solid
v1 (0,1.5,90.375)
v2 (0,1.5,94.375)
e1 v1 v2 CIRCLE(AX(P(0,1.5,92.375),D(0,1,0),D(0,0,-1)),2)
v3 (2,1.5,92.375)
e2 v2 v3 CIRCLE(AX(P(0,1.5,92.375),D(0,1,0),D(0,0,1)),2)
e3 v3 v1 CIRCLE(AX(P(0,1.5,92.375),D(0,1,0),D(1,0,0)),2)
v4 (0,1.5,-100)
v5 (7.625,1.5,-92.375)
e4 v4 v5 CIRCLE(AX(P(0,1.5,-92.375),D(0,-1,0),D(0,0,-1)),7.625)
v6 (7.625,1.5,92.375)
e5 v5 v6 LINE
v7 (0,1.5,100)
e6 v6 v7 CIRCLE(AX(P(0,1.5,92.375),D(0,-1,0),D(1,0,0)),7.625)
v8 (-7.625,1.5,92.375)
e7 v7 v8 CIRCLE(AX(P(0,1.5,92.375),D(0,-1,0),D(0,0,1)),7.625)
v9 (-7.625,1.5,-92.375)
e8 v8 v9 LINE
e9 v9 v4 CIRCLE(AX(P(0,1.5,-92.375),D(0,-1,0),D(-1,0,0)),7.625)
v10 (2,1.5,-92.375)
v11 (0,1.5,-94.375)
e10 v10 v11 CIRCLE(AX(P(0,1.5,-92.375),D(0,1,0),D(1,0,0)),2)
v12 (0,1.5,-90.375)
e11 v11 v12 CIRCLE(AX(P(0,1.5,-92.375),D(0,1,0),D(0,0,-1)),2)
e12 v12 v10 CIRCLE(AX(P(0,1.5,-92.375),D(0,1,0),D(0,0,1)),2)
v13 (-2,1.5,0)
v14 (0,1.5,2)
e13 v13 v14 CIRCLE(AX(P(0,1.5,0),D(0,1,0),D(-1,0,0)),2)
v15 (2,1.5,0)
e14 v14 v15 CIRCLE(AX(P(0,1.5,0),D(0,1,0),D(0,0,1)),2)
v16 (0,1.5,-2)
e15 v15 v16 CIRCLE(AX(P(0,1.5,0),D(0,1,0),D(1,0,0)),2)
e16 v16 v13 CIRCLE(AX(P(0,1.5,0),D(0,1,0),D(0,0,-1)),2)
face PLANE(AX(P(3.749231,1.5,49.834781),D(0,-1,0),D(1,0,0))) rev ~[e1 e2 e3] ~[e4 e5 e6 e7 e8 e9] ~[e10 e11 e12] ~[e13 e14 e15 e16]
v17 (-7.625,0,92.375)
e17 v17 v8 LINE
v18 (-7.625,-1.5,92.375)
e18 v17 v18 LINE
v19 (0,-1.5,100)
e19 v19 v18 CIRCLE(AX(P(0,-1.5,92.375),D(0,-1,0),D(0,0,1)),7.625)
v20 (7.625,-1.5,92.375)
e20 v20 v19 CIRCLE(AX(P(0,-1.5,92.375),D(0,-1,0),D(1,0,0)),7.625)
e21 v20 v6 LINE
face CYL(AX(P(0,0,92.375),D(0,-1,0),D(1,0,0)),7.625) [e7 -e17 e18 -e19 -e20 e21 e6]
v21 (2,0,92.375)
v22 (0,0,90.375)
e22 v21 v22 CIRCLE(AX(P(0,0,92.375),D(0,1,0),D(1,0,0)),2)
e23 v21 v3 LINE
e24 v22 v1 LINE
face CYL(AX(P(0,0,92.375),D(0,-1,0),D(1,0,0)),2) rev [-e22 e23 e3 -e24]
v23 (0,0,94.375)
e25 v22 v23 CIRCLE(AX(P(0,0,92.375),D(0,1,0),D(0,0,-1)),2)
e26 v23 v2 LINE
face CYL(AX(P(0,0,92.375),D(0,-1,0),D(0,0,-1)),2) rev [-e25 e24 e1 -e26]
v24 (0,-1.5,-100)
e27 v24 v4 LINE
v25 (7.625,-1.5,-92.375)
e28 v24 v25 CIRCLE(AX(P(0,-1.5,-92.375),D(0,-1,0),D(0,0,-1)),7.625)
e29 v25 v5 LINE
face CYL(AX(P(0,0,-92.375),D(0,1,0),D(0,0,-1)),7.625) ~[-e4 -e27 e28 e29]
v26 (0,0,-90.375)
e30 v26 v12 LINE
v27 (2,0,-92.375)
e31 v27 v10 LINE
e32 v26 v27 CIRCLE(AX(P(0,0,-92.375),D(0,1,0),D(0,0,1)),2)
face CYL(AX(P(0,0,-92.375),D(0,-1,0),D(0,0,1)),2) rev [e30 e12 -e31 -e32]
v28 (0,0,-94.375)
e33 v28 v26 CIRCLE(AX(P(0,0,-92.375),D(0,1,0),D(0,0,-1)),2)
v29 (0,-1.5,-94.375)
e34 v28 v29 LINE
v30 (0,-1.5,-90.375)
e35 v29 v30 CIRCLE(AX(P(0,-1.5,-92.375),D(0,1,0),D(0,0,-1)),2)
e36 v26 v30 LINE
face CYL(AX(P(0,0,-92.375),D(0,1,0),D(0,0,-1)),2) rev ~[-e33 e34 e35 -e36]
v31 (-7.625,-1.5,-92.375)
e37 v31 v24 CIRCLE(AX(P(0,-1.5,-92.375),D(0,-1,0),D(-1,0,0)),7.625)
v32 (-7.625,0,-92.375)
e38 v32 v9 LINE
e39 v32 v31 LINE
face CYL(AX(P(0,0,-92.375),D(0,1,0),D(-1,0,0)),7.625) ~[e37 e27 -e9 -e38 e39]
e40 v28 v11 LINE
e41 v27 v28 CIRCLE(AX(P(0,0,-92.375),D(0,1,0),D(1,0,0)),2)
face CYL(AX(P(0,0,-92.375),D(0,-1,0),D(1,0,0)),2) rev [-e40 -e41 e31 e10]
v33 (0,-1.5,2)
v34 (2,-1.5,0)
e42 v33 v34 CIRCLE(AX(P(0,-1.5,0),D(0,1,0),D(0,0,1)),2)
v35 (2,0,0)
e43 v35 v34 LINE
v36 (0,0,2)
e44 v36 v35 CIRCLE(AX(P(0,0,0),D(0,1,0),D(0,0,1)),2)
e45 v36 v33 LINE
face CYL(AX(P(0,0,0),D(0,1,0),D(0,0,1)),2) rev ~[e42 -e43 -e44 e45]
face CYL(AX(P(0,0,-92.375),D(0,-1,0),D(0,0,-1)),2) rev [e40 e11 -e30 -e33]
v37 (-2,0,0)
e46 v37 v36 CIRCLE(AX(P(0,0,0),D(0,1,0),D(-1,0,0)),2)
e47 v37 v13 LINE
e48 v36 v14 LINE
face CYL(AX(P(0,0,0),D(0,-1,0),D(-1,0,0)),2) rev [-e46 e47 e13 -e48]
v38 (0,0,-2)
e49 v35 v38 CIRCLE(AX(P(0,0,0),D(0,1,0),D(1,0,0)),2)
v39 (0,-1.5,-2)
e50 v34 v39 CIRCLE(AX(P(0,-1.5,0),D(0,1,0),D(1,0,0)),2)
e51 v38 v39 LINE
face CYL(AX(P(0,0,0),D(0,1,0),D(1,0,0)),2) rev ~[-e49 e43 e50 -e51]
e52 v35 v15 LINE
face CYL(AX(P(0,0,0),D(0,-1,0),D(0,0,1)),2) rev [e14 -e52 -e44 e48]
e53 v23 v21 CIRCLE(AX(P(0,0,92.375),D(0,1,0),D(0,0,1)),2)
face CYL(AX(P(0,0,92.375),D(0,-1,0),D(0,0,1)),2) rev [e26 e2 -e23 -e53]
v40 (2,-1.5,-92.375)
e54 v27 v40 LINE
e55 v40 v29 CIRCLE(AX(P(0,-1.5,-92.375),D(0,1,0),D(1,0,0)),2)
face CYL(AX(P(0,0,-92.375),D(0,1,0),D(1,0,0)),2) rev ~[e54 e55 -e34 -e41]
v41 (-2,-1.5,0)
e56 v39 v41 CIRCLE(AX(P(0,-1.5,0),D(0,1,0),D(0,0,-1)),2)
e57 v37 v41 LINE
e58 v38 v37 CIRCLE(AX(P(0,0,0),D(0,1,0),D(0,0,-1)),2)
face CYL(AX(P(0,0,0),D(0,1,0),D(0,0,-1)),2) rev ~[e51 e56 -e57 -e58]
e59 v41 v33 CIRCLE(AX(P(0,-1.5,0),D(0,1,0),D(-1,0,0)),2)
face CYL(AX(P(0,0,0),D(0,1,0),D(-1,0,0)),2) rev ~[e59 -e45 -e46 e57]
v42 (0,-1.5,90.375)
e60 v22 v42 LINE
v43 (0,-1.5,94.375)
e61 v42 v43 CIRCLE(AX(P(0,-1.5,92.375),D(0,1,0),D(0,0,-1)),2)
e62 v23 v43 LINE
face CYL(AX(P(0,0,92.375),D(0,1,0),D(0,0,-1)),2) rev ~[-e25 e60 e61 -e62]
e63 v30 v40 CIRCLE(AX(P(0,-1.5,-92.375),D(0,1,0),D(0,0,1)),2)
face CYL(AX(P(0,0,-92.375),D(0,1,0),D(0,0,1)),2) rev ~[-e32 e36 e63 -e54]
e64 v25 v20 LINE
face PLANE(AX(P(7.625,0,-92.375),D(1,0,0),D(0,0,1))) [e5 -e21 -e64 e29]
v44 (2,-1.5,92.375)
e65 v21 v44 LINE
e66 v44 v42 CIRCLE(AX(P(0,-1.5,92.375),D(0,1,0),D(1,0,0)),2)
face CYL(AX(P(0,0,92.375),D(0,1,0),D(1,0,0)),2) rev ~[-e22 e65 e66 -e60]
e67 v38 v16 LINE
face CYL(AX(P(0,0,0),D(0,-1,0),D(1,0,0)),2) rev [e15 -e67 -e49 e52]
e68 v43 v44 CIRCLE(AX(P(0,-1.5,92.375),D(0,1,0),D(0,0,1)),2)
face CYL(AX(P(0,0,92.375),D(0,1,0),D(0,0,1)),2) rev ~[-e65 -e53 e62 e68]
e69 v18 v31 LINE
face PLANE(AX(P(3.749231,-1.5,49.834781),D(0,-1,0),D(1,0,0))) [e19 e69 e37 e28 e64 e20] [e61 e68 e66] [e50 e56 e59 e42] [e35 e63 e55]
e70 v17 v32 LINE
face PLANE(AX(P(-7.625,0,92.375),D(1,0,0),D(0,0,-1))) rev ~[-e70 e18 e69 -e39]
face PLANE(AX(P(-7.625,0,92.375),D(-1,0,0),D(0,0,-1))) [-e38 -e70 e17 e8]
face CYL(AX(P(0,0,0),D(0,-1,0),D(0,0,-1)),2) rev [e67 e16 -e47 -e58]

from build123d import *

# Parameters (mm, degrees)
F1_DEPTH = 1.5


with BuildPart() as f1:
    # F0 (on Front) → F1 (new body, symmetric)
    with BuildSketch(Plane.XZ):
        with BuildLine():
            ThreePointArc((7.625, 92.375), (5.3916892065, 97.7666892065), (0, 100))
            Line((0, 100), (0, 94.375))
            ThreePointArc((0, 94.375), (1.4142135624, 93.7892135624), (2, 92.375))
            ThreePointArc((2, 92.375), (1.4142135624, 90.9607864376), (0, 90.375))
            Line((0, 90.375), (0, 2))
            ThreePointArc((0, 2), (1.4142135624, 1.4142135624), (2, 0))
            Line((2, 0), (7.625, 0))
            Line((7.625, 0), (7.625, 92.375))
        make_face()
        with BuildLine():
            ThreePointArc((0, 100), (-5.3916892065, 97.7666892065), (-7.625, 92.375))
            Line((-7.625, 92.375), (-7.625, 0))
            Line((-7.625, 0), (-2, 0))
            ThreePointArc((-2, 0), (-1.4142135624, 1.4142135624), (0, 2))
            Line((0, 2), (0, 90.375))
            ThreePointArc((0, 90.375), (-2, 92.375), (0, 94.375))
            Line((0, 94.375), (0, 100))
        make_face()
        with BuildLine():
            Line((-2, 0), (-7.625, 0))
            Line((-7.625, 0), (-7.625, -92.375))
            ThreePointArc((-7.625, -92.375), (-5.3916892065, -97.7666892065), (0, -100))
            Line((0, -100), (0, -94.375))
            ThreePointArc((0, -94.375), (-2, -92.375), (0, -90.375))
            Line((0, -90.375), (0, -2))
            ThreePointArc((0, -2), (-1.4142135624, -1.4142135624), (-2, 0))
        make_face()
        with BuildLine():
            Line((0, -94.375), (0, -100))
            ThreePointArc((0, -100), (5.3916892065, -97.7666892065), (7.625, -92.375))
            Line((7.625, -92.375), (7.625, 0))
            Line((7.625, 0), (2, 0))
            ThreePointArc((2, 0), (1.4142135624, -1.4142135624), (0, -2))
            Line((0, -2), (0, -90.375))
            ThreePointArc((0, -90.375), (1.4142135624, -90.9607864376), (2, -92.375))
            ThreePointArc((2, -92.375), (1.4142135624, -93.7892135624), (0, -94.375))
        make_face()
    extrude(amount=F1_DEPTH, both=True)


solid = f1.part
